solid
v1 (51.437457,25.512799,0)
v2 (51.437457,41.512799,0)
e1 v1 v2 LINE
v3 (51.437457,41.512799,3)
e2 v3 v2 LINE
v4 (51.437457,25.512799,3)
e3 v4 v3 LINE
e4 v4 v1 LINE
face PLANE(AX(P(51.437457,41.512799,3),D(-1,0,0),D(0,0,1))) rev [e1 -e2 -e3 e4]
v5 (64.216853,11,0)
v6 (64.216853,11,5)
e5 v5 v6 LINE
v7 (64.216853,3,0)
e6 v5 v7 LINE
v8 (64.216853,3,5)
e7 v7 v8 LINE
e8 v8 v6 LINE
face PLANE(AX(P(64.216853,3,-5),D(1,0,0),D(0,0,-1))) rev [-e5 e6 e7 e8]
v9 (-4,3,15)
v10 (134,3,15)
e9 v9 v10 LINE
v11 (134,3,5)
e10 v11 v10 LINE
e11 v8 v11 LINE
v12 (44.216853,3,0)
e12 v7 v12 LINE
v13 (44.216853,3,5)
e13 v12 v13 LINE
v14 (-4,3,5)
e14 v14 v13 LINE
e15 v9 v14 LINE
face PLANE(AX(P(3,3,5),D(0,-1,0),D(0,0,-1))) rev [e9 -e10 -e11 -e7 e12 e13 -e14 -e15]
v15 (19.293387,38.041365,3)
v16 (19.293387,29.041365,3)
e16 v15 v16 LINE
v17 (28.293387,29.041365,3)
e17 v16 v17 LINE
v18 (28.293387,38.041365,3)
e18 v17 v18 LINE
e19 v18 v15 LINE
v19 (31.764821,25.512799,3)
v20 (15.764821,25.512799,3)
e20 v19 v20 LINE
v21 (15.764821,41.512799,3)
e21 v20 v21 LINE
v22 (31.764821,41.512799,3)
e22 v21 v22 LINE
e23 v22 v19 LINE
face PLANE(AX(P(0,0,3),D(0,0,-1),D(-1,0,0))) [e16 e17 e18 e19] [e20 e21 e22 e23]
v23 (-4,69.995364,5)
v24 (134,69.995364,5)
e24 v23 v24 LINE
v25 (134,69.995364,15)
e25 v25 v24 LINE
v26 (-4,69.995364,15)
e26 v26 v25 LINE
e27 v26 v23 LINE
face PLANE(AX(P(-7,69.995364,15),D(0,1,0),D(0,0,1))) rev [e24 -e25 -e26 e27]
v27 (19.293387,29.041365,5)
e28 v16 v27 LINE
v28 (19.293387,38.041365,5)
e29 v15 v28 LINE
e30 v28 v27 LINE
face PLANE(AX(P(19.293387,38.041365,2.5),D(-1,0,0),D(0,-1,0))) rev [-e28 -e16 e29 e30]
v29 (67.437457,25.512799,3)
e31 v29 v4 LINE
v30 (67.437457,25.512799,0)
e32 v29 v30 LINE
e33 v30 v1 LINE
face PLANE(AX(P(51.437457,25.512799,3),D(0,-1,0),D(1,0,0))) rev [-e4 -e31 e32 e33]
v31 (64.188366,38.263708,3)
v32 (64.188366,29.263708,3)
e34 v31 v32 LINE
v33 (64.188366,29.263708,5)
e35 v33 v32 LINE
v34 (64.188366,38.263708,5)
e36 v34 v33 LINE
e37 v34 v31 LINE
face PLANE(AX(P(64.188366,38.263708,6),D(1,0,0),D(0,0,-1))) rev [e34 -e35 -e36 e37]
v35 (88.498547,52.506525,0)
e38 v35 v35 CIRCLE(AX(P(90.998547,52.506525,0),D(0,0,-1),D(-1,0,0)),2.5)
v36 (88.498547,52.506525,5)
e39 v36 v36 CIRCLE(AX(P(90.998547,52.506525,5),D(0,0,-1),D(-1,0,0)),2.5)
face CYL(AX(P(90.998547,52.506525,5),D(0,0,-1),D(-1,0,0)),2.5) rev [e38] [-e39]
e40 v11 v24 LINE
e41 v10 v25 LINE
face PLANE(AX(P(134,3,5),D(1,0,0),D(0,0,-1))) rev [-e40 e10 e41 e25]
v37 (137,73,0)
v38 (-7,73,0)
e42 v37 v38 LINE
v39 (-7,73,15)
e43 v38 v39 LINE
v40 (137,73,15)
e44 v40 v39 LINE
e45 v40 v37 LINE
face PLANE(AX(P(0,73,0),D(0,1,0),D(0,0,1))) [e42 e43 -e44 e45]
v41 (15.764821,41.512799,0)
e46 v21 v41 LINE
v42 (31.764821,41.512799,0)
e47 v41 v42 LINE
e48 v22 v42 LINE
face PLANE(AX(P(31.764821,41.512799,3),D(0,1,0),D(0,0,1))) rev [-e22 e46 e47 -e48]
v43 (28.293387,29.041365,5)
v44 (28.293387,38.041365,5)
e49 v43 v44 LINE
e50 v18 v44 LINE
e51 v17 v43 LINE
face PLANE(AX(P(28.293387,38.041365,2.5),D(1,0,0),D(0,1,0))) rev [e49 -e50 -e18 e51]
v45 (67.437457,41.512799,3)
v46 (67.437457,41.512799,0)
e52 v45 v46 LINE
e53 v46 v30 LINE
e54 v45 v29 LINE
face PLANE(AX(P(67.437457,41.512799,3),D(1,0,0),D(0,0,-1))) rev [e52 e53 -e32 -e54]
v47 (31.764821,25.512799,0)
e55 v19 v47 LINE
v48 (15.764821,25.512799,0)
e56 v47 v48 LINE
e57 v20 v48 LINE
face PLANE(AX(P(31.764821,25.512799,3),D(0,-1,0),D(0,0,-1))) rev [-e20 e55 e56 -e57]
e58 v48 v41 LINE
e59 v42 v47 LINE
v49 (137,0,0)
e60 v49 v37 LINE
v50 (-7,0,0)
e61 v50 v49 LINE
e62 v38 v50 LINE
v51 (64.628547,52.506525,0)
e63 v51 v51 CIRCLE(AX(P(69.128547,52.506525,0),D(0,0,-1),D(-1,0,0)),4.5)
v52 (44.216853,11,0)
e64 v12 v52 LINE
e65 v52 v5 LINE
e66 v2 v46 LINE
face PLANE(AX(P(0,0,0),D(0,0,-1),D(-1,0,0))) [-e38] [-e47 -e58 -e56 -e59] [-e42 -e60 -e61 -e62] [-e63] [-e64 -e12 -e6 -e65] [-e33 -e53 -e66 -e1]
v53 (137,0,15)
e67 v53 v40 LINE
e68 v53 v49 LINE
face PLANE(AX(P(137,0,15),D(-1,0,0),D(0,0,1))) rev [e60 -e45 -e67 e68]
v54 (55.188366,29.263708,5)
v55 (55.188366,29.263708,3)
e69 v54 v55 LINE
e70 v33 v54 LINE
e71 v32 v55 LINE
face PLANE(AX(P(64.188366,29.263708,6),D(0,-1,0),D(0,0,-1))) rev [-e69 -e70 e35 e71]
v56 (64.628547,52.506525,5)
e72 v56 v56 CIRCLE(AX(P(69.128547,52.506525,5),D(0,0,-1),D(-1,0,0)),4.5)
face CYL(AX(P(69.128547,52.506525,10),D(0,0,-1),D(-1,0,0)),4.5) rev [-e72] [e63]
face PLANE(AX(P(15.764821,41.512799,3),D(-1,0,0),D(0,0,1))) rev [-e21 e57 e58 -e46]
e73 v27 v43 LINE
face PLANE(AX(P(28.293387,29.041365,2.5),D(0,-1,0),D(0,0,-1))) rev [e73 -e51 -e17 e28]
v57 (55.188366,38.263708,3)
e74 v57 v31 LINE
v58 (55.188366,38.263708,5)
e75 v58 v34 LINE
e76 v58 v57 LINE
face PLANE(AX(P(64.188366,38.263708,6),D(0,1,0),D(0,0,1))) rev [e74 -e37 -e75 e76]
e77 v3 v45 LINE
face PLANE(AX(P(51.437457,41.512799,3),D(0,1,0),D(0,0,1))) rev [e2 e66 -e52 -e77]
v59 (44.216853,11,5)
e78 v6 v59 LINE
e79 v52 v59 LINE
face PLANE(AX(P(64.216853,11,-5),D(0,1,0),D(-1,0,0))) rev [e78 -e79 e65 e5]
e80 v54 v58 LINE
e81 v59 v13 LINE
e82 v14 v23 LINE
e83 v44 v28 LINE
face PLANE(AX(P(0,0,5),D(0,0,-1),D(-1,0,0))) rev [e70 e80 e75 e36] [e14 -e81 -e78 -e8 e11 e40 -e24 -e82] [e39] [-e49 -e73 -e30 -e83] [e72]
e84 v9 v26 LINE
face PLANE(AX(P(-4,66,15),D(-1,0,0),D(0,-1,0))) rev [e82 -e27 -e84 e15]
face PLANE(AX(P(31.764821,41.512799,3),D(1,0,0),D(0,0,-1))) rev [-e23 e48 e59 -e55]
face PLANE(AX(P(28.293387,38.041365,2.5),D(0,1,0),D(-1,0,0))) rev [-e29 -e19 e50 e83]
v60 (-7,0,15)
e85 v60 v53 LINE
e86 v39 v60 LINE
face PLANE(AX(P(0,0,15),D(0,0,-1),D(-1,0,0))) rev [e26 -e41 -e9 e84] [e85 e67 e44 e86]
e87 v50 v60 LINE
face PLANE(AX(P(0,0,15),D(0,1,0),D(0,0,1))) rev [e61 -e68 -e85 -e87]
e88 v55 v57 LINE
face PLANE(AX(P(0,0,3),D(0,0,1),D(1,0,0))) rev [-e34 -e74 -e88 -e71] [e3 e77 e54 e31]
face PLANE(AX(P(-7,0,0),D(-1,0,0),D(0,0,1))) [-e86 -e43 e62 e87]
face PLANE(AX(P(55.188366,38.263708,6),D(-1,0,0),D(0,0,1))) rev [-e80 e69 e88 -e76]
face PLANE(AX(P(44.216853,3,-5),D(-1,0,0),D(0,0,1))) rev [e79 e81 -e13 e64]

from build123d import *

# Parameters (mm, degrees)
ESQUISSE1_W              = 137
ESQUISSE1_H              = 66
BOSS_EXTRU_2_DEPTH       = 15
ESQUISSE3_W              = 131
ESQUISSE3_H              = 60
ENL_V_MAT_EXTRU_1_DEPTH  = 10
ESQUISSE5_W              = 12
ESQUISSE5_H              = 12
ENL_V_MAT_EXTRU_2_DEPTH  = 10
ESQUISSE6_W              = 12
ESQUISSE6_H              = 12
ENL_V_MAT_EXTRU_3_DEPTH  = 10
ESQUISSE7_W              = 15
ESQUISSE7_H              = 3
ENL_V_MAT_EXTRU_4_DEPTH  = 10
ESQUISSE8_R              = 4.5
ENL_V_MAT_EXTRU_5_DEPTH  = 10
ESQUISSE10_W             = 3
ESQUISSE10_H             = 8
BOSS_EXTRU_3_DEPTH       = 4
ESQUISSE12_W             = 2
ESQUISSE12_H             = 6
ENL_V_MAT_EXTRU_6_DEPTH  = 4
ESQUISSE13_W             = 3
ESQUISSE13_H             = 8
BOSS_EXTRU_4_DEPTH       = 4
ESQUISSE14_W             = 2
ESQUISSE14_H             = 6
ENL_V_MAT_EXTRU_7_DEPTH  = 4
ESQUISSE16_W             = 3
ESQUISSE16_H             = 8
BOSS_EXTRU_5_DEPTH       = 4
ESQUISSE17_W             = 3
ESQUISSE17_H             = 8
BOSS_EXTRU_6_DEPTH       = 4
ESQUISSE19_W             = 2
ESQUISSE19_H             = 6
ENL_V_MAT_EXTRU_9_DEPTH  = 3
ESQUISSE20_W             = 2
ESQUISSE20_H             = 6
ENL_V_MAT_EXTRU_10_DEPTH = 3
ESQUISSE21_R             = 1.5
ENL_V_MAT_EXTRU_12_DEPTH = 21
ESQUISSE22_W             = 3
ESQUISSE22_H             = 8
ENL_V_MAT_EXTRU_13_DEPTH = 4
ESQUISSE23_W             = 3
ESQUISSE23_H             = 8
ENL_V_MAT_EXTRU_14_DEPTH = 4
ESQUISSE24_W             = 3
ESQUISSE24_H             = 8
ENL_V_MAT_EXTRU_15_DEPTH = 4
ESQUISSE25_W             = 3
ESQUISSE25_H             = 8
ENL_V_MAT_EXTRU_16_DEPTH = 4
ESQUISSE28_W             = 12
ESQUISSE28_H             = 12
BOSS_EXTRU_7_DEPTH       = 5
ESQUISSE30_W             = 9
ESQUISSE30_H             = 9
ENL_V_MAT_EXTRU_17_DEPTH = 2.5
ESQUISSE32_W             = 9
ESQUISSE32_H             = 9
ENL_V_MAT_EXTRU_18_DEPTH = 8.5
ESQUISSE33_W             = 16
ESQUISSE33_H             = 16
ENL_V_MAT_EXTRU_19_DEPTH = 3
ESQUISSE34_W             = 16
ESQUISSE34_H             = 16
ENL_V_MAT_EXTRU_20_DEPTH = 3
ESQUISSE35_W             = 9
ESQUISSE35_H             = 9
ENL_V_MAT_EXTRU_21_DEPTH = 3
ESQUISSE36_W             = 12
ESQUISSE36_H             = 12
BOSS_EXTRU_8_DEPTH       = 5
ESQUISSE37_R             = 2.5
ENL_V_MAT_EXTRU_22_DEPTH = 5
ESQUISSE39_W             = 3
ESQUISSE39_H             = 60
ENL_V_MAT_EXTRU_23_DEPTH = 10
ESQUISSE40_W             = 5
ESQUISSE40_H             = 66
BOSS_EXTRU_9_DEPTH       = 7
ESQUISSE41_W             = 3
ESQUISSE41_H             = 66
BOSS_EXTRU_10_DEPTH      = 10
ESQUISSE42_W             = 4
ESQUISSE42_H             = 3
BOSS_EXTRU_11_DEPTH      = 10
ESQUISSE43_W             = 4
ESQUISSE43_H             = 3
BOSS_EXTRU_12_DEPTH      = 10
ESQUISSE44_W             = 20
ESQUISSE44_H             = 8
ENL_V_MAT_EXTRU_24_DEPTH = 10
ESQUISSE46_W             = 138
ESQUISSE46_H             = 3
ENL_V_MAT_EXTRU_25_DEPTH = 10
ESQUISSE47_W             = 141
ESQUISSE47_H             = 5
BOSS_EXTRU_13_DEPTH      = 7
ESQUISSE48_W             = 141
ESQUISSE48_H             = 3.004636282
BOSS_EXTRU_14_DEPTH      = 10
ESQUISSE49_W             = 3
ESQUISSE49_H             = 3.995363718
BOSS_EXTRU_15_DEPTH      = 10
ESQUISSE50_W             = 3
ESQUISSE50_H             = 15
BOSS_EXTRU_16_DEPTH      = 7


with BuildPart() as part:
    # Esquisse1 → Boss.-Extru.2 (new body)
    with BuildSketch(Plane.XY):
        with Locations((68.5, 33)):
            Rectangle(ESQUISSE1_W, ESQUISSE1_H)
    extrude(amount=BOSS_EXTRU_2_DEPTH)

    # Esquisse3 → Enlèv. mat.-Extru.1 (cut)
    with BuildSketch(Plane.XY.offset(15)):
        with Locations((68.5, 33)):
            Rectangle(ESQUISSE3_W, ESQUISSE3_H)
    extrude(amount=-ENL_V_MAT_EXTRU_1_DEPTH, mode=Mode.SUBTRACT)

    # Esquisse5 → Enlèv. mat.-Extru.2 (cut)
    with BuildSketch(Plane(origin=(0, 0, 0), x_dir=(-1, 0, 0), z_dir=(0, 0, -1))):
        with Locations((-14.887820014, 52.506524993)):
            Rectangle(ESQUISSE5_W, ESQUISSE5_H)
    extrude(amount=-ENL_V_MAT_EXTRU_2_DEPTH, mode=Mode.SUBTRACT)

    # Esquisse6 → Enlèv. mat.-Extru.3 (cut)
    with BuildSketch(Plane(origin=(0, 0, 0), x_dir=(-1, 0, 0), z_dir=(0, 0, -1))):
        with Locations((-42.758546676, 52.506524993)):
            Rectangle(ESQUISSE6_W, ESQUISSE6_H)
    extrude(amount=-ENL_V_MAT_EXTRU_3_DEPTH, mode=Mode.SUBTRACT)

    # Esquisse7 → Enlèv. mat.-Extru.4 (cut)
    with BuildSketch(Plane(origin=(0, 0, 0), x_dir=(-1, 0, 0), z_dir=(0, 0, -1))):
        with Locations((-55.331883335, 4.5)):
            Rectangle(ESQUISSE7_W, ESQUISSE7_H)
    extrude(amount=-ENL_V_MAT_EXTRU_4_DEPTH, mode=Mode.SUBTRACT)

    # Esquisse8 → Enlèv. mat.-Extru.5 (cut)
    with BuildSketch(Plane(origin=(0, 0, 0), x_dir=(-1, 0, 0), z_dir=(0, 0, -1))):
        with Locations((-69.128546676, 52.506524993)):
            Circle(ESQUISSE8_R)
    extrude(amount=-ENL_V_MAT_EXTRU_5_DEPTH, mode=Mode.SUBTRACT)

    # Esquisse10 → Boss.-Extru.3 (add)
    with BuildSketch(Plane.XY.offset(5)):
        with Locations((7.387820014, 52.506524993)):
            Rectangle(ESQUISSE10_W, ESQUISSE10_H)
    extrude(amount=BOSS_EXTRU_3_DEPTH)

    # Esquisse12 → Enlèv. mat.-Extru.6 (cut)
    with BuildSketch(Plane(origin=(8.887820014, 0, 0), x_dir=(0, 0, -1), z_dir=(1, 0, 0))):
        with Locations((-7, 52.506524993)):
            Rectangle(ESQUISSE12_W, ESQUISSE12_H)
    extrude(amount=-ENL_V_MAT_EXTRU_6_DEPTH, mode=Mode.SUBTRACT)

    # Esquisse13 → Boss.-Extru.4 (add)
    with BuildSketch(Plane.XY.offset(5)):
        with Locations((22.387820014, 52.506524993)):
            Rectangle(ESQUISSE13_W, ESQUISSE13_H)
    extrude(amount=BOSS_EXTRU_4_DEPTH)

    # Esquisse14 → Enlèv. mat.-Extru.7 (cut)
    with BuildSketch(Plane(origin=(23.887820014, 0, 0), x_dir=(0, 0, -1), z_dir=(1, 0, 0))):
        with Locations((-7, 52.506524993)):
            Rectangle(ESQUISSE14_W, ESQUISSE14_H)
    extrude(amount=-ENL_V_MAT_EXTRU_7_DEPTH, mode=Mode.SUBTRACT)

    # Esquisse16 → Boss.-Extru.5 (add)
    with BuildSketch(Plane.XY.offset(5)):
        with Locations((35.258546676, 52.506524993)):
            Rectangle(ESQUISSE16_W, ESQUISSE16_H)
    extrude(amount=BOSS_EXTRU_5_DEPTH)

    # Esquisse17 → Boss.-Extru.6 (add)
    with BuildSketch(Plane.XY.offset(5)):
        with Locations((50.258546676, 52.506524993)):
            Rectangle(ESQUISSE17_W, ESQUISSE17_H)
    extrude(amount=BOSS_EXTRU_6_DEPTH)

    # Esquisse19 → Enlèv. mat.-Extru.9 (cut)
    with BuildSketch(Plane(origin=(36.758546676, 0, 0), x_dir=(0, 0, -1), z_dir=(1, 0, 0))):
        with Locations((-7, 52.506524993)):
            Rectangle(ESQUISSE19_W, ESQUISSE19_H)
    extrude(amount=-ENL_V_MAT_EXTRU_9_DEPTH, mode=Mode.SUBTRACT)

    # Esquisse20 → Enlèv. mat.-Extru.10 (cut)
    with BuildSketch(Plane(origin=(51.758546676, 0, 0), x_dir=(0, 0, -1), z_dir=(1, 0, 0))):
        with Locations((-7, 52.506524993)):
            Rectangle(ESQUISSE20_W, ESQUISSE20_H)
    extrude(amount=-ENL_V_MAT_EXTRU_10_DEPTH, mode=Mode.SUBTRACT)

    # Esquisse21 → Enlèv. mat.-Extru.12 (cut)
    with BuildSketch(Plane(origin=(0, 0, 0), x_dir=(-1, 0, 0), z_dir=(0, 0, -1))):
        with Locations((-90.998546676, 52.506524993)):
            Circle(ESQUISSE21_R)
    extrude(amount=-ENL_V_MAT_EXTRU_12_DEPTH, mode=Mode.SUBTRACT)

    # Esquisse22 → Enlèv. mat.-Extru.13 (cut)
    with BuildSketch(Plane.XY.offset(9)):
        with Locations((50.258546676, 52.506524993)):
            Rectangle(ESQUISSE22_W, ESQUISSE22_H)
    extrude(amount=-ENL_V_MAT_EXTRU_13_DEPTH, mode=Mode.SUBTRACT)

    # Esquisse23 → Enlèv. mat.-Extru.14 (cut)
    with BuildSketch(Plane.XY.offset(9)):
        with Locations((35.258546676, 52.506524993)):
            Rectangle(ESQUISSE23_W, ESQUISSE23_H)
    extrude(amount=-ENL_V_MAT_EXTRU_14_DEPTH, mode=Mode.SUBTRACT)

    # Esquisse24 → Enlèv. mat.-Extru.15 (cut)
    with BuildSketch(Plane.XY.offset(9)):
        with Locations((22.387820014, 52.506524993)):
            Rectangle(ESQUISSE24_W, ESQUISSE24_H)
    extrude(amount=-ENL_V_MAT_EXTRU_15_DEPTH, mode=Mode.SUBTRACT)

    # Esquisse25 → Enlèv. mat.-Extru.16 (cut)
    with BuildSketch(Plane.XY.offset(9)):
        with Locations((7.387820014, 52.506524993)):
            Rectangle(ESQUISSE25_W, ESQUISSE25_H)
    extrude(amount=-ENL_V_MAT_EXTRU_16_DEPTH, mode=Mode.SUBTRACT)

    # Esquisse28 → Boss.-Extru.7 (add)
    with BuildSketch(Plane(origin=(0, 0, 0), x_dir=(-1, 0, 0), z_dir=(0, 0, -1))):
        with Locations((-14.887820014, 52.506524993)):
            Rectangle(ESQUISSE28_W, ESQUISSE28_H)
    extrude(amount=-BOSS_EXTRU_7_DEPTH)

    # Esquisse30 → Enlèv. mat.-Extru.17 (cut)
    with BuildSketch(Plane.XY.offset(5)):
        with Locations((23.793387087, 33.541365404)):
            Rectangle(ESQUISSE30_W, ESQUISSE30_H)
    extrude(amount=-ENL_V_MAT_EXTRU_17_DEPTH, mode=Mode.SUBTRACT)

    # Esquisse32 → Enlèv. mat.-Extru.18 (cut)
    with BuildSketch(Plane.XY.offset(5)):
        with Locations((23.793387087, 33.541365404)):
            Rectangle(ESQUISSE32_W, ESQUISSE32_H)
    extrude(amount=-ENL_V_MAT_EXTRU_18_DEPTH, mode=Mode.SUBTRACT)

    # Esquisse33 → Enlèv. mat.-Extru.19 (cut)
    with BuildSketch(Plane(origin=(0, 0, 0), x_dir=(-1, 0, 0), z_dir=(0, 0, -1))):
        with Locations((-23.76482076, 33.512799076)):
            Rectangle(ESQUISSE33_W, ESQUISSE33_H)
    extrude(amount=-ENL_V_MAT_EXTRU_19_DEPTH, mode=Mode.SUBTRACT)

    # Esquisse34 → Enlèv. mat.-Extru.20 (cut)
    with BuildSketch(Plane(origin=(0, 0, 0), x_dir=(-1, 0, 0), z_dir=(0, 0, -1))):
        with Locations((-59.43745725, 33.512799076)):
            Rectangle(ESQUISSE34_W, ESQUISSE34_H)
    extrude(amount=-ENL_V_MAT_EXTRU_20_DEPTH, mode=Mode.SUBTRACT)

    # Esquisse35 → Enlèv. mat.-Extru.21 (cut)
    with BuildSketch(Plane(origin=(0, 0, 3), x_dir=(-1, 0, 0), z_dir=(0, 0, -1))):
        with Locations((-59.688365981, 33.763707808)):
            Rectangle(ESQUISSE35_W, ESQUISSE35_H)
    extrude(amount=-ENL_V_MAT_EXTRU_21_DEPTH, mode=Mode.SUBTRACT)

    # Esquisse36 → Boss.-Extru.8 (add)
    with BuildSketch(Plane(origin=(0, 0, 0), x_dir=(-1, 0, 0), z_dir=(0, 0, -1))):
        with Locations((-42.758546676, 52.506524993)):
            Rectangle(ESQUISSE36_W, ESQUISSE36_H)
    extrude(amount=-BOSS_EXTRU_8_DEPTH)

    # Esquisse37 → Enlèv. mat.-Extru.22 (cut)
    with BuildSketch(Plane(origin=(0, 0, 0), x_dir=(-1, 0, 0), z_dir=(0, 0, -1))):
        with Locations((-90.998546676, 52.506524993)):
            Circle(ESQUISSE37_R)
    extrude(amount=-ENL_V_MAT_EXTRU_22_DEPTH, mode=Mode.SUBTRACT)

    # Esquisse39 → Enlèv. mat.-Extru.23 (cut)
    with BuildSketch(Plane.XY.offset(15)):
        with Locations((1.5, 33)):
            Rectangle(ESQUISSE39_W, ESQUISSE39_H)
    extrude(amount=-ENL_V_MAT_EXTRU_23_DEPTH, mode=Mode.SUBTRACT)

    # Esquisse40 → Boss.-Extru.9 (add)
    with BuildSketch(Plane.ZY):
        with Locations((2.5, 33)):
            Rectangle(ESQUISSE40_W, ESQUISSE40_H)
    extrude(amount=BOSS_EXTRU_9_DEPTH)

    # Esquisse41 → Boss.-Extru.10 (add)
    with BuildSketch(Plane.XY.offset(5)):
        with Locations((-5.5, 33)):
            Rectangle(ESQUISSE41_W, ESQUISSE41_H)
    extrude(amount=BOSS_EXTRU_10_DEPTH)

    # Esquisse42 → Boss.-Extru.11 (add)
    with BuildSketch(Plane.XY.offset(5)):
        with Locations((-2, 1.5)):
            Rectangle(ESQUISSE42_W, ESQUISSE42_H)
    extrude(amount=BOSS_EXTRU_11_DEPTH)

    # Esquisse43 → Boss.-Extru.12 (add)
    with BuildSketch(Plane.XY.offset(5)):
        with Locations((-2, 64.5)):
            Rectangle(ESQUISSE43_W, ESQUISSE43_H)
    extrude(amount=BOSS_EXTRU_12_DEPTH)

    # Esquisse44 → Enlèv. mat.-Extru.24 (cut)
    with BuildSketch(Plane.XY.offset(5)):
        with Locations((54.216853372, 7)):
            Rectangle(ESQUISSE44_W, ESQUISSE44_H)
    extrude(amount=-ENL_V_MAT_EXTRU_24_DEPTH, mode=Mode.SUBTRACT)

    # Esquisse46 → Enlèv. mat.-Extru.25 (cut)
    with BuildSketch(Plane.XY.offset(5)):
        with Locations((65, 64.5)):
            Rectangle(ESQUISSE46_W, ESQUISSE46_H)
    extrude(amount=ENL_V_MAT_EXTRU_25_DEPTH, mode=Mode.SUBTRACT)

    # Esquisse47 → Boss.-Extru.13 (add)
    with BuildSketch(Plane(origin=(0, 66, 0), x_dir=(1, 0, 0), z_dir=(0, 1, 0))):
        with Locations((63.5, -2.5)):
            Rectangle(ESQUISSE47_W, ESQUISSE47_H)
    extrude(amount=BOSS_EXTRU_13_DEPTH)

    # Esquisse48 → Boss.-Extru.14 (add)
    with BuildSketch(Plane.XY.offset(5)):
        with Locations((63.5, 71.497681859)):
            Rectangle(ESQUISSE48_W, ESQUISSE48_H)
    extrude(amount=BOSS_EXTRU_14_DEPTH)

    # Esquisse49 → Boss.-Extru.15 (add)
    with BuildSketch(Plane.XY.offset(5)):
        with Locations((-5.5, 67.997681859)):
            Rectangle(ESQUISSE49_W, ESQUISSE49_H)
    extrude(amount=BOSS_EXTRU_15_DEPTH)

    # Esquisse50 → Boss.-Extru.16 (add)
    with BuildSketch(Plane(origin=(0, 66, 0), x_dir=(1, 0, 0), z_dir=(0, 1, 0))):
        with Locations((135.5, -7.5)):
            Rectangle(ESQUISSE50_W, ESQUISSE50_H)
    extrude(amount=BOSS_EXTRU_16_DEPTH)


solid = part.part
